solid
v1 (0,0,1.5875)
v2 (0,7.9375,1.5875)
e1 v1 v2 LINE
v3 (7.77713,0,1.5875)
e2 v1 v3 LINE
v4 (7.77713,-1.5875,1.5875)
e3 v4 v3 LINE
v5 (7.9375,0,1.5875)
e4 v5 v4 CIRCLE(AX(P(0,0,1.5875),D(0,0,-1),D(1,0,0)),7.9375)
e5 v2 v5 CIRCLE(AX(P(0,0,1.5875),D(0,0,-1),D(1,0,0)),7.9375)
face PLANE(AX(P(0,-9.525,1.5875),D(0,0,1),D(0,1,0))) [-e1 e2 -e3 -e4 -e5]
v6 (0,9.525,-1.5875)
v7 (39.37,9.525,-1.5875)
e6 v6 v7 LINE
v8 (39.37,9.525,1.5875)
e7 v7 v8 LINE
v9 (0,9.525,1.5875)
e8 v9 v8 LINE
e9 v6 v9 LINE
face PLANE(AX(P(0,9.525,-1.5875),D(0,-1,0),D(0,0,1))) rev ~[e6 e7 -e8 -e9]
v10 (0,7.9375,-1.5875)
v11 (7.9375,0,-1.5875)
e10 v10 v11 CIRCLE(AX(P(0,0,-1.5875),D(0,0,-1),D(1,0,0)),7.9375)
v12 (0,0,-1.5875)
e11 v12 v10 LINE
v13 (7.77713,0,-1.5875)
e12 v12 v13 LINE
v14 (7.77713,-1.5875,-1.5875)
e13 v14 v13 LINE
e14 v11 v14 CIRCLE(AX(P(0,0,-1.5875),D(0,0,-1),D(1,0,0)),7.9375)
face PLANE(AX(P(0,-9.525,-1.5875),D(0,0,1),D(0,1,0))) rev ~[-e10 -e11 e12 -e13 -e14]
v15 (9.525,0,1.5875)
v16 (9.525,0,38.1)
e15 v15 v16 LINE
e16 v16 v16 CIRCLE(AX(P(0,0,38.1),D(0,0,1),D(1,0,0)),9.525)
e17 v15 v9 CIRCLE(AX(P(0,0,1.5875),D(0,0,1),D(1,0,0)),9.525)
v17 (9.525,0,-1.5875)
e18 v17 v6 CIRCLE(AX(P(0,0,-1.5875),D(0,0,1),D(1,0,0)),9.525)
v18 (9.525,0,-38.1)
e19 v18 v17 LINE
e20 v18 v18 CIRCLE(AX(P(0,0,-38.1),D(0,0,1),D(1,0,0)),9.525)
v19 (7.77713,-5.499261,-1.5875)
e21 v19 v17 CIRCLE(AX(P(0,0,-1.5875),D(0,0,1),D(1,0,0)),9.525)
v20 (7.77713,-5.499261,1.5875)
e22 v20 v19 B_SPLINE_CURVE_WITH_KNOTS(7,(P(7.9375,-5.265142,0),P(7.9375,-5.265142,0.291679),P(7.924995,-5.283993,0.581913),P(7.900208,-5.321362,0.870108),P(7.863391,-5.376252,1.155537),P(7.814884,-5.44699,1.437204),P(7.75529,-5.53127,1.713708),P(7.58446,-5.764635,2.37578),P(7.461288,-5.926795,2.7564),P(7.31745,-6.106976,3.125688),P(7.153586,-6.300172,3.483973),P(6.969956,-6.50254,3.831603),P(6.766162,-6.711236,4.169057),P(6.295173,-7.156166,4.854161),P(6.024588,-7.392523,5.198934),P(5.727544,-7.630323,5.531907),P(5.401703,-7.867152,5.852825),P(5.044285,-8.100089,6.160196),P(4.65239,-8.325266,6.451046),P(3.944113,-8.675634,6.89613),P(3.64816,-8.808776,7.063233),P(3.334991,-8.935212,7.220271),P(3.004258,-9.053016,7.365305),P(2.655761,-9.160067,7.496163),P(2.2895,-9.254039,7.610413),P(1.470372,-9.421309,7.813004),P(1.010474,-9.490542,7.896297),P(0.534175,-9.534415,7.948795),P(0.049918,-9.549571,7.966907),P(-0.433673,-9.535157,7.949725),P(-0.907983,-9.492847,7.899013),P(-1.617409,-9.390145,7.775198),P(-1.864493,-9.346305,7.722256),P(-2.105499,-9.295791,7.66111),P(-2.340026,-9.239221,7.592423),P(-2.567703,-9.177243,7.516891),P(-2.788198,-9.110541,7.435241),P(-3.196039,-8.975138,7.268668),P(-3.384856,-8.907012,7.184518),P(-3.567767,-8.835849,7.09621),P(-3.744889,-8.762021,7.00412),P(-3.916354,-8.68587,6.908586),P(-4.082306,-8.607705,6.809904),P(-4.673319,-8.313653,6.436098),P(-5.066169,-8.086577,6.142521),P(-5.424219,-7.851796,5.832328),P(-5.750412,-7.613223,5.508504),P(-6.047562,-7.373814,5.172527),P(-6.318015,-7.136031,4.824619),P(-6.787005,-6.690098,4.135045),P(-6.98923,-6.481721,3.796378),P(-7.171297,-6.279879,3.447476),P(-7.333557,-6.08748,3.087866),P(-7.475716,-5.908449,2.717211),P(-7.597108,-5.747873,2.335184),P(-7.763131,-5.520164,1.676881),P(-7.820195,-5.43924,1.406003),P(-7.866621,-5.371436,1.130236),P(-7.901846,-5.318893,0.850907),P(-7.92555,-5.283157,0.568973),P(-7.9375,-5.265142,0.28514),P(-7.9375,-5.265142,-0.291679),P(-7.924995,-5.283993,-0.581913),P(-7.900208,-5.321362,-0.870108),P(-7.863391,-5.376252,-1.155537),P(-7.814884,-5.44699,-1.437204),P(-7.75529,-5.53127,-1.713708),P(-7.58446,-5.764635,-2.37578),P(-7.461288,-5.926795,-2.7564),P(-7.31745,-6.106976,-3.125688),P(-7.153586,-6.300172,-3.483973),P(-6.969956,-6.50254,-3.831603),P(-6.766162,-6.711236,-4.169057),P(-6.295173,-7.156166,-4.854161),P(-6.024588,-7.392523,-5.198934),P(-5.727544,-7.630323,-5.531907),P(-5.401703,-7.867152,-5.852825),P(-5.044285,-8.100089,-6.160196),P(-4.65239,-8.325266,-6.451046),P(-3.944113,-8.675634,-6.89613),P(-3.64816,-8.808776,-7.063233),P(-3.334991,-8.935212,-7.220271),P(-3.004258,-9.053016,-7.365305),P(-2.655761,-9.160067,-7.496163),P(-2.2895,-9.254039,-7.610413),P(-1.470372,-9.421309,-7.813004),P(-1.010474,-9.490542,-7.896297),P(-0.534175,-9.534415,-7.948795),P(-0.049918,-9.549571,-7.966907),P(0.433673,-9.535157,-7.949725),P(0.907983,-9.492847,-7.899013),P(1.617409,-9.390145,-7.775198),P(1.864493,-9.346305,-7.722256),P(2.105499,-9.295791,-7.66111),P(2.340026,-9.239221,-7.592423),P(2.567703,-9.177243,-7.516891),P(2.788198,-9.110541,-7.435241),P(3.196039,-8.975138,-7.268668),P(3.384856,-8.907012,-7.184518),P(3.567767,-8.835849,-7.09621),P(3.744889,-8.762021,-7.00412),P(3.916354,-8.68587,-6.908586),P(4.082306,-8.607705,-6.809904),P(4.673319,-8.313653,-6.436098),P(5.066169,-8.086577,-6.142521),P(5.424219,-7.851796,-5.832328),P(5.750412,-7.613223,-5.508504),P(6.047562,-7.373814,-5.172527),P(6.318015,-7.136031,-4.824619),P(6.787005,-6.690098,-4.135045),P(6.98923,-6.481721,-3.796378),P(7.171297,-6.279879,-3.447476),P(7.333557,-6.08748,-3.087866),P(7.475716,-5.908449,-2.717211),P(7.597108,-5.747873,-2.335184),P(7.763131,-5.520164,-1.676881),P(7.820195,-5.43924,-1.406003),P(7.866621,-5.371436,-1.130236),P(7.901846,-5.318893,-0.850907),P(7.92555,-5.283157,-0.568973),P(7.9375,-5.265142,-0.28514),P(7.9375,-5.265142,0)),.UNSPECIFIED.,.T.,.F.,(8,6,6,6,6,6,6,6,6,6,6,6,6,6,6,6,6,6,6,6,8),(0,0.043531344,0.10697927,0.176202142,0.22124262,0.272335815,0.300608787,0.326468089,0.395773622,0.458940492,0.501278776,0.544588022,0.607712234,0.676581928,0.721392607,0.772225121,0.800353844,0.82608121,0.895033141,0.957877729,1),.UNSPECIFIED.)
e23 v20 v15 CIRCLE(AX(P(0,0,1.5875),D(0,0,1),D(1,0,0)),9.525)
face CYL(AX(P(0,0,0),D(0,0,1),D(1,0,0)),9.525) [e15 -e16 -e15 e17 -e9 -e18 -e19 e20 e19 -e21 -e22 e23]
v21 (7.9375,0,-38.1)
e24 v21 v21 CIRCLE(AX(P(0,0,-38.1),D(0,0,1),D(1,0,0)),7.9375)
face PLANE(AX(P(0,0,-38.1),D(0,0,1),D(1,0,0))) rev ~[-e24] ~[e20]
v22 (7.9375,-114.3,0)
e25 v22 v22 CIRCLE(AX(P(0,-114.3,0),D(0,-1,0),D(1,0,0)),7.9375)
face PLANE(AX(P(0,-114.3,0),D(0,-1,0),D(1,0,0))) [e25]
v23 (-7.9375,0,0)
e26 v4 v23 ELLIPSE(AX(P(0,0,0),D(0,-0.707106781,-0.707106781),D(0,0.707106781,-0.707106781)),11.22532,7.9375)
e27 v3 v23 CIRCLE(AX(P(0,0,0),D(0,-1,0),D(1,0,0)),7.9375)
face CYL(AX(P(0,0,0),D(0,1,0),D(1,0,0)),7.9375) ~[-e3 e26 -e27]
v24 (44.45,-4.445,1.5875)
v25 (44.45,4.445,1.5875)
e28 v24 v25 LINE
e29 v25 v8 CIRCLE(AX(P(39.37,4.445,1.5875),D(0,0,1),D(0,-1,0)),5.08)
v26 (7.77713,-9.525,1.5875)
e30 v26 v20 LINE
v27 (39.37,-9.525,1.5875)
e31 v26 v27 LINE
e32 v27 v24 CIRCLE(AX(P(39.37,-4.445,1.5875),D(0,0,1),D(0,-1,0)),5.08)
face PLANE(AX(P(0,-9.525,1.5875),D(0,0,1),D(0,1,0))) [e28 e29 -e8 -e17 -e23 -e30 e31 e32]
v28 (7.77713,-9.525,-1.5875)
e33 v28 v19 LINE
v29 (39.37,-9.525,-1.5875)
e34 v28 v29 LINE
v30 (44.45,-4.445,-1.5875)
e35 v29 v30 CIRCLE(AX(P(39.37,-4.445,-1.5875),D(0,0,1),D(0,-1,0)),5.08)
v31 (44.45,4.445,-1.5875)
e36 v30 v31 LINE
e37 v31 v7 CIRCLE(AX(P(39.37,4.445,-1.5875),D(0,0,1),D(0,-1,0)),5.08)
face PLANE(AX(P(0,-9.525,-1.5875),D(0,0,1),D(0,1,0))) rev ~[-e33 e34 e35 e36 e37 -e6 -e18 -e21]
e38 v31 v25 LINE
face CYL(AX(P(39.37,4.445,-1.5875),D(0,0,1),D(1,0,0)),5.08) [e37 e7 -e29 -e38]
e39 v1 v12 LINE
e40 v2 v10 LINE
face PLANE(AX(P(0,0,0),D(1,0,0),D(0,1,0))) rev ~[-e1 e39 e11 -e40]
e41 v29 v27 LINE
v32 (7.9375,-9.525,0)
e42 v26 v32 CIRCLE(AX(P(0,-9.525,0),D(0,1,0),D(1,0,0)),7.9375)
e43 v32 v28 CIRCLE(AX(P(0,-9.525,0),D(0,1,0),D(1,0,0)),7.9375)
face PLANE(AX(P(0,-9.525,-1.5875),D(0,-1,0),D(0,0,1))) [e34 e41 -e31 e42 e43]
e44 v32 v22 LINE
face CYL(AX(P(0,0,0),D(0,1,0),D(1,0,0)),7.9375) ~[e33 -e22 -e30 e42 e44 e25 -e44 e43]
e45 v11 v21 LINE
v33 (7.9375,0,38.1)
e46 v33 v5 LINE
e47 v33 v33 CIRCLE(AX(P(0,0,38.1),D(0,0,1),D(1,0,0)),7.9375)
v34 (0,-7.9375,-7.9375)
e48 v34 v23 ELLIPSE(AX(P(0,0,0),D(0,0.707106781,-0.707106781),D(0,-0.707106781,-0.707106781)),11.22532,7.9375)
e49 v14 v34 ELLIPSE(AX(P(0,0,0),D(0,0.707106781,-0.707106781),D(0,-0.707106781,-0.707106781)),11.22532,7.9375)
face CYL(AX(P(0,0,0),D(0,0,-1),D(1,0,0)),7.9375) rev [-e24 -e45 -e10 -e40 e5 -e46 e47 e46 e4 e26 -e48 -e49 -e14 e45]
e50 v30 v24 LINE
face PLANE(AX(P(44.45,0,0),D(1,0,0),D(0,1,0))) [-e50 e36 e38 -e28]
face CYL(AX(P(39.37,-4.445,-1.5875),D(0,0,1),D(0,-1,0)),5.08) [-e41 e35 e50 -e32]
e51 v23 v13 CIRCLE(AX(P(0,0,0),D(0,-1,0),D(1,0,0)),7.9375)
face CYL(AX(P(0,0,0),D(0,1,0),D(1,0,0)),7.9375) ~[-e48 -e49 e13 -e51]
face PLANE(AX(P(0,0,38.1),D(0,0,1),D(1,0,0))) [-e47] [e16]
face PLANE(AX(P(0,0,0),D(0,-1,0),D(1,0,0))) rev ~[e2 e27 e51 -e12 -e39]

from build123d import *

# Parameters (mm, degrees)
F0_R     = 9.525
F0_R_2   = 7.9375
F1_DEPTH = 38.1
F2_W     = 19.05
F2_H     = 3.175
F3_DEPTH = 44.45
F4_R     = 5.08
F5_R     = 7.9375
F6_DEPTH = 114.3


with BuildPart() as f1:
    # F0 (on Top) → F1 (new body, symmetric)
    with BuildSketch(Plane.XY):
        Circle(F0_R)
        Circle(F0_R_2, mode=Mode.SUBTRACT)
    extrude(amount=F1_DEPTH, both=True)

    # F2 (on Right) → F3 (join)
    with BuildSketch(Plane.YZ):
        Rectangle(F2_W, F2_H)
    extrude(amount=F3_DEPTH)

    # F4
    f4_edges = [f1.edges().sort_by_distance(p)[0] for p in [
        (44.45, -9.525, 0),
        (44.45, 9.525, 0),
    ]]
    fillet(f4_edges, radius=F4_R)

    # F5 (on Front) → F6 (join)
    with BuildSketch(Plane.XZ):
        Circle(F5_R)
    extrude(amount=F6_DEPTH)


solid = f1.part
